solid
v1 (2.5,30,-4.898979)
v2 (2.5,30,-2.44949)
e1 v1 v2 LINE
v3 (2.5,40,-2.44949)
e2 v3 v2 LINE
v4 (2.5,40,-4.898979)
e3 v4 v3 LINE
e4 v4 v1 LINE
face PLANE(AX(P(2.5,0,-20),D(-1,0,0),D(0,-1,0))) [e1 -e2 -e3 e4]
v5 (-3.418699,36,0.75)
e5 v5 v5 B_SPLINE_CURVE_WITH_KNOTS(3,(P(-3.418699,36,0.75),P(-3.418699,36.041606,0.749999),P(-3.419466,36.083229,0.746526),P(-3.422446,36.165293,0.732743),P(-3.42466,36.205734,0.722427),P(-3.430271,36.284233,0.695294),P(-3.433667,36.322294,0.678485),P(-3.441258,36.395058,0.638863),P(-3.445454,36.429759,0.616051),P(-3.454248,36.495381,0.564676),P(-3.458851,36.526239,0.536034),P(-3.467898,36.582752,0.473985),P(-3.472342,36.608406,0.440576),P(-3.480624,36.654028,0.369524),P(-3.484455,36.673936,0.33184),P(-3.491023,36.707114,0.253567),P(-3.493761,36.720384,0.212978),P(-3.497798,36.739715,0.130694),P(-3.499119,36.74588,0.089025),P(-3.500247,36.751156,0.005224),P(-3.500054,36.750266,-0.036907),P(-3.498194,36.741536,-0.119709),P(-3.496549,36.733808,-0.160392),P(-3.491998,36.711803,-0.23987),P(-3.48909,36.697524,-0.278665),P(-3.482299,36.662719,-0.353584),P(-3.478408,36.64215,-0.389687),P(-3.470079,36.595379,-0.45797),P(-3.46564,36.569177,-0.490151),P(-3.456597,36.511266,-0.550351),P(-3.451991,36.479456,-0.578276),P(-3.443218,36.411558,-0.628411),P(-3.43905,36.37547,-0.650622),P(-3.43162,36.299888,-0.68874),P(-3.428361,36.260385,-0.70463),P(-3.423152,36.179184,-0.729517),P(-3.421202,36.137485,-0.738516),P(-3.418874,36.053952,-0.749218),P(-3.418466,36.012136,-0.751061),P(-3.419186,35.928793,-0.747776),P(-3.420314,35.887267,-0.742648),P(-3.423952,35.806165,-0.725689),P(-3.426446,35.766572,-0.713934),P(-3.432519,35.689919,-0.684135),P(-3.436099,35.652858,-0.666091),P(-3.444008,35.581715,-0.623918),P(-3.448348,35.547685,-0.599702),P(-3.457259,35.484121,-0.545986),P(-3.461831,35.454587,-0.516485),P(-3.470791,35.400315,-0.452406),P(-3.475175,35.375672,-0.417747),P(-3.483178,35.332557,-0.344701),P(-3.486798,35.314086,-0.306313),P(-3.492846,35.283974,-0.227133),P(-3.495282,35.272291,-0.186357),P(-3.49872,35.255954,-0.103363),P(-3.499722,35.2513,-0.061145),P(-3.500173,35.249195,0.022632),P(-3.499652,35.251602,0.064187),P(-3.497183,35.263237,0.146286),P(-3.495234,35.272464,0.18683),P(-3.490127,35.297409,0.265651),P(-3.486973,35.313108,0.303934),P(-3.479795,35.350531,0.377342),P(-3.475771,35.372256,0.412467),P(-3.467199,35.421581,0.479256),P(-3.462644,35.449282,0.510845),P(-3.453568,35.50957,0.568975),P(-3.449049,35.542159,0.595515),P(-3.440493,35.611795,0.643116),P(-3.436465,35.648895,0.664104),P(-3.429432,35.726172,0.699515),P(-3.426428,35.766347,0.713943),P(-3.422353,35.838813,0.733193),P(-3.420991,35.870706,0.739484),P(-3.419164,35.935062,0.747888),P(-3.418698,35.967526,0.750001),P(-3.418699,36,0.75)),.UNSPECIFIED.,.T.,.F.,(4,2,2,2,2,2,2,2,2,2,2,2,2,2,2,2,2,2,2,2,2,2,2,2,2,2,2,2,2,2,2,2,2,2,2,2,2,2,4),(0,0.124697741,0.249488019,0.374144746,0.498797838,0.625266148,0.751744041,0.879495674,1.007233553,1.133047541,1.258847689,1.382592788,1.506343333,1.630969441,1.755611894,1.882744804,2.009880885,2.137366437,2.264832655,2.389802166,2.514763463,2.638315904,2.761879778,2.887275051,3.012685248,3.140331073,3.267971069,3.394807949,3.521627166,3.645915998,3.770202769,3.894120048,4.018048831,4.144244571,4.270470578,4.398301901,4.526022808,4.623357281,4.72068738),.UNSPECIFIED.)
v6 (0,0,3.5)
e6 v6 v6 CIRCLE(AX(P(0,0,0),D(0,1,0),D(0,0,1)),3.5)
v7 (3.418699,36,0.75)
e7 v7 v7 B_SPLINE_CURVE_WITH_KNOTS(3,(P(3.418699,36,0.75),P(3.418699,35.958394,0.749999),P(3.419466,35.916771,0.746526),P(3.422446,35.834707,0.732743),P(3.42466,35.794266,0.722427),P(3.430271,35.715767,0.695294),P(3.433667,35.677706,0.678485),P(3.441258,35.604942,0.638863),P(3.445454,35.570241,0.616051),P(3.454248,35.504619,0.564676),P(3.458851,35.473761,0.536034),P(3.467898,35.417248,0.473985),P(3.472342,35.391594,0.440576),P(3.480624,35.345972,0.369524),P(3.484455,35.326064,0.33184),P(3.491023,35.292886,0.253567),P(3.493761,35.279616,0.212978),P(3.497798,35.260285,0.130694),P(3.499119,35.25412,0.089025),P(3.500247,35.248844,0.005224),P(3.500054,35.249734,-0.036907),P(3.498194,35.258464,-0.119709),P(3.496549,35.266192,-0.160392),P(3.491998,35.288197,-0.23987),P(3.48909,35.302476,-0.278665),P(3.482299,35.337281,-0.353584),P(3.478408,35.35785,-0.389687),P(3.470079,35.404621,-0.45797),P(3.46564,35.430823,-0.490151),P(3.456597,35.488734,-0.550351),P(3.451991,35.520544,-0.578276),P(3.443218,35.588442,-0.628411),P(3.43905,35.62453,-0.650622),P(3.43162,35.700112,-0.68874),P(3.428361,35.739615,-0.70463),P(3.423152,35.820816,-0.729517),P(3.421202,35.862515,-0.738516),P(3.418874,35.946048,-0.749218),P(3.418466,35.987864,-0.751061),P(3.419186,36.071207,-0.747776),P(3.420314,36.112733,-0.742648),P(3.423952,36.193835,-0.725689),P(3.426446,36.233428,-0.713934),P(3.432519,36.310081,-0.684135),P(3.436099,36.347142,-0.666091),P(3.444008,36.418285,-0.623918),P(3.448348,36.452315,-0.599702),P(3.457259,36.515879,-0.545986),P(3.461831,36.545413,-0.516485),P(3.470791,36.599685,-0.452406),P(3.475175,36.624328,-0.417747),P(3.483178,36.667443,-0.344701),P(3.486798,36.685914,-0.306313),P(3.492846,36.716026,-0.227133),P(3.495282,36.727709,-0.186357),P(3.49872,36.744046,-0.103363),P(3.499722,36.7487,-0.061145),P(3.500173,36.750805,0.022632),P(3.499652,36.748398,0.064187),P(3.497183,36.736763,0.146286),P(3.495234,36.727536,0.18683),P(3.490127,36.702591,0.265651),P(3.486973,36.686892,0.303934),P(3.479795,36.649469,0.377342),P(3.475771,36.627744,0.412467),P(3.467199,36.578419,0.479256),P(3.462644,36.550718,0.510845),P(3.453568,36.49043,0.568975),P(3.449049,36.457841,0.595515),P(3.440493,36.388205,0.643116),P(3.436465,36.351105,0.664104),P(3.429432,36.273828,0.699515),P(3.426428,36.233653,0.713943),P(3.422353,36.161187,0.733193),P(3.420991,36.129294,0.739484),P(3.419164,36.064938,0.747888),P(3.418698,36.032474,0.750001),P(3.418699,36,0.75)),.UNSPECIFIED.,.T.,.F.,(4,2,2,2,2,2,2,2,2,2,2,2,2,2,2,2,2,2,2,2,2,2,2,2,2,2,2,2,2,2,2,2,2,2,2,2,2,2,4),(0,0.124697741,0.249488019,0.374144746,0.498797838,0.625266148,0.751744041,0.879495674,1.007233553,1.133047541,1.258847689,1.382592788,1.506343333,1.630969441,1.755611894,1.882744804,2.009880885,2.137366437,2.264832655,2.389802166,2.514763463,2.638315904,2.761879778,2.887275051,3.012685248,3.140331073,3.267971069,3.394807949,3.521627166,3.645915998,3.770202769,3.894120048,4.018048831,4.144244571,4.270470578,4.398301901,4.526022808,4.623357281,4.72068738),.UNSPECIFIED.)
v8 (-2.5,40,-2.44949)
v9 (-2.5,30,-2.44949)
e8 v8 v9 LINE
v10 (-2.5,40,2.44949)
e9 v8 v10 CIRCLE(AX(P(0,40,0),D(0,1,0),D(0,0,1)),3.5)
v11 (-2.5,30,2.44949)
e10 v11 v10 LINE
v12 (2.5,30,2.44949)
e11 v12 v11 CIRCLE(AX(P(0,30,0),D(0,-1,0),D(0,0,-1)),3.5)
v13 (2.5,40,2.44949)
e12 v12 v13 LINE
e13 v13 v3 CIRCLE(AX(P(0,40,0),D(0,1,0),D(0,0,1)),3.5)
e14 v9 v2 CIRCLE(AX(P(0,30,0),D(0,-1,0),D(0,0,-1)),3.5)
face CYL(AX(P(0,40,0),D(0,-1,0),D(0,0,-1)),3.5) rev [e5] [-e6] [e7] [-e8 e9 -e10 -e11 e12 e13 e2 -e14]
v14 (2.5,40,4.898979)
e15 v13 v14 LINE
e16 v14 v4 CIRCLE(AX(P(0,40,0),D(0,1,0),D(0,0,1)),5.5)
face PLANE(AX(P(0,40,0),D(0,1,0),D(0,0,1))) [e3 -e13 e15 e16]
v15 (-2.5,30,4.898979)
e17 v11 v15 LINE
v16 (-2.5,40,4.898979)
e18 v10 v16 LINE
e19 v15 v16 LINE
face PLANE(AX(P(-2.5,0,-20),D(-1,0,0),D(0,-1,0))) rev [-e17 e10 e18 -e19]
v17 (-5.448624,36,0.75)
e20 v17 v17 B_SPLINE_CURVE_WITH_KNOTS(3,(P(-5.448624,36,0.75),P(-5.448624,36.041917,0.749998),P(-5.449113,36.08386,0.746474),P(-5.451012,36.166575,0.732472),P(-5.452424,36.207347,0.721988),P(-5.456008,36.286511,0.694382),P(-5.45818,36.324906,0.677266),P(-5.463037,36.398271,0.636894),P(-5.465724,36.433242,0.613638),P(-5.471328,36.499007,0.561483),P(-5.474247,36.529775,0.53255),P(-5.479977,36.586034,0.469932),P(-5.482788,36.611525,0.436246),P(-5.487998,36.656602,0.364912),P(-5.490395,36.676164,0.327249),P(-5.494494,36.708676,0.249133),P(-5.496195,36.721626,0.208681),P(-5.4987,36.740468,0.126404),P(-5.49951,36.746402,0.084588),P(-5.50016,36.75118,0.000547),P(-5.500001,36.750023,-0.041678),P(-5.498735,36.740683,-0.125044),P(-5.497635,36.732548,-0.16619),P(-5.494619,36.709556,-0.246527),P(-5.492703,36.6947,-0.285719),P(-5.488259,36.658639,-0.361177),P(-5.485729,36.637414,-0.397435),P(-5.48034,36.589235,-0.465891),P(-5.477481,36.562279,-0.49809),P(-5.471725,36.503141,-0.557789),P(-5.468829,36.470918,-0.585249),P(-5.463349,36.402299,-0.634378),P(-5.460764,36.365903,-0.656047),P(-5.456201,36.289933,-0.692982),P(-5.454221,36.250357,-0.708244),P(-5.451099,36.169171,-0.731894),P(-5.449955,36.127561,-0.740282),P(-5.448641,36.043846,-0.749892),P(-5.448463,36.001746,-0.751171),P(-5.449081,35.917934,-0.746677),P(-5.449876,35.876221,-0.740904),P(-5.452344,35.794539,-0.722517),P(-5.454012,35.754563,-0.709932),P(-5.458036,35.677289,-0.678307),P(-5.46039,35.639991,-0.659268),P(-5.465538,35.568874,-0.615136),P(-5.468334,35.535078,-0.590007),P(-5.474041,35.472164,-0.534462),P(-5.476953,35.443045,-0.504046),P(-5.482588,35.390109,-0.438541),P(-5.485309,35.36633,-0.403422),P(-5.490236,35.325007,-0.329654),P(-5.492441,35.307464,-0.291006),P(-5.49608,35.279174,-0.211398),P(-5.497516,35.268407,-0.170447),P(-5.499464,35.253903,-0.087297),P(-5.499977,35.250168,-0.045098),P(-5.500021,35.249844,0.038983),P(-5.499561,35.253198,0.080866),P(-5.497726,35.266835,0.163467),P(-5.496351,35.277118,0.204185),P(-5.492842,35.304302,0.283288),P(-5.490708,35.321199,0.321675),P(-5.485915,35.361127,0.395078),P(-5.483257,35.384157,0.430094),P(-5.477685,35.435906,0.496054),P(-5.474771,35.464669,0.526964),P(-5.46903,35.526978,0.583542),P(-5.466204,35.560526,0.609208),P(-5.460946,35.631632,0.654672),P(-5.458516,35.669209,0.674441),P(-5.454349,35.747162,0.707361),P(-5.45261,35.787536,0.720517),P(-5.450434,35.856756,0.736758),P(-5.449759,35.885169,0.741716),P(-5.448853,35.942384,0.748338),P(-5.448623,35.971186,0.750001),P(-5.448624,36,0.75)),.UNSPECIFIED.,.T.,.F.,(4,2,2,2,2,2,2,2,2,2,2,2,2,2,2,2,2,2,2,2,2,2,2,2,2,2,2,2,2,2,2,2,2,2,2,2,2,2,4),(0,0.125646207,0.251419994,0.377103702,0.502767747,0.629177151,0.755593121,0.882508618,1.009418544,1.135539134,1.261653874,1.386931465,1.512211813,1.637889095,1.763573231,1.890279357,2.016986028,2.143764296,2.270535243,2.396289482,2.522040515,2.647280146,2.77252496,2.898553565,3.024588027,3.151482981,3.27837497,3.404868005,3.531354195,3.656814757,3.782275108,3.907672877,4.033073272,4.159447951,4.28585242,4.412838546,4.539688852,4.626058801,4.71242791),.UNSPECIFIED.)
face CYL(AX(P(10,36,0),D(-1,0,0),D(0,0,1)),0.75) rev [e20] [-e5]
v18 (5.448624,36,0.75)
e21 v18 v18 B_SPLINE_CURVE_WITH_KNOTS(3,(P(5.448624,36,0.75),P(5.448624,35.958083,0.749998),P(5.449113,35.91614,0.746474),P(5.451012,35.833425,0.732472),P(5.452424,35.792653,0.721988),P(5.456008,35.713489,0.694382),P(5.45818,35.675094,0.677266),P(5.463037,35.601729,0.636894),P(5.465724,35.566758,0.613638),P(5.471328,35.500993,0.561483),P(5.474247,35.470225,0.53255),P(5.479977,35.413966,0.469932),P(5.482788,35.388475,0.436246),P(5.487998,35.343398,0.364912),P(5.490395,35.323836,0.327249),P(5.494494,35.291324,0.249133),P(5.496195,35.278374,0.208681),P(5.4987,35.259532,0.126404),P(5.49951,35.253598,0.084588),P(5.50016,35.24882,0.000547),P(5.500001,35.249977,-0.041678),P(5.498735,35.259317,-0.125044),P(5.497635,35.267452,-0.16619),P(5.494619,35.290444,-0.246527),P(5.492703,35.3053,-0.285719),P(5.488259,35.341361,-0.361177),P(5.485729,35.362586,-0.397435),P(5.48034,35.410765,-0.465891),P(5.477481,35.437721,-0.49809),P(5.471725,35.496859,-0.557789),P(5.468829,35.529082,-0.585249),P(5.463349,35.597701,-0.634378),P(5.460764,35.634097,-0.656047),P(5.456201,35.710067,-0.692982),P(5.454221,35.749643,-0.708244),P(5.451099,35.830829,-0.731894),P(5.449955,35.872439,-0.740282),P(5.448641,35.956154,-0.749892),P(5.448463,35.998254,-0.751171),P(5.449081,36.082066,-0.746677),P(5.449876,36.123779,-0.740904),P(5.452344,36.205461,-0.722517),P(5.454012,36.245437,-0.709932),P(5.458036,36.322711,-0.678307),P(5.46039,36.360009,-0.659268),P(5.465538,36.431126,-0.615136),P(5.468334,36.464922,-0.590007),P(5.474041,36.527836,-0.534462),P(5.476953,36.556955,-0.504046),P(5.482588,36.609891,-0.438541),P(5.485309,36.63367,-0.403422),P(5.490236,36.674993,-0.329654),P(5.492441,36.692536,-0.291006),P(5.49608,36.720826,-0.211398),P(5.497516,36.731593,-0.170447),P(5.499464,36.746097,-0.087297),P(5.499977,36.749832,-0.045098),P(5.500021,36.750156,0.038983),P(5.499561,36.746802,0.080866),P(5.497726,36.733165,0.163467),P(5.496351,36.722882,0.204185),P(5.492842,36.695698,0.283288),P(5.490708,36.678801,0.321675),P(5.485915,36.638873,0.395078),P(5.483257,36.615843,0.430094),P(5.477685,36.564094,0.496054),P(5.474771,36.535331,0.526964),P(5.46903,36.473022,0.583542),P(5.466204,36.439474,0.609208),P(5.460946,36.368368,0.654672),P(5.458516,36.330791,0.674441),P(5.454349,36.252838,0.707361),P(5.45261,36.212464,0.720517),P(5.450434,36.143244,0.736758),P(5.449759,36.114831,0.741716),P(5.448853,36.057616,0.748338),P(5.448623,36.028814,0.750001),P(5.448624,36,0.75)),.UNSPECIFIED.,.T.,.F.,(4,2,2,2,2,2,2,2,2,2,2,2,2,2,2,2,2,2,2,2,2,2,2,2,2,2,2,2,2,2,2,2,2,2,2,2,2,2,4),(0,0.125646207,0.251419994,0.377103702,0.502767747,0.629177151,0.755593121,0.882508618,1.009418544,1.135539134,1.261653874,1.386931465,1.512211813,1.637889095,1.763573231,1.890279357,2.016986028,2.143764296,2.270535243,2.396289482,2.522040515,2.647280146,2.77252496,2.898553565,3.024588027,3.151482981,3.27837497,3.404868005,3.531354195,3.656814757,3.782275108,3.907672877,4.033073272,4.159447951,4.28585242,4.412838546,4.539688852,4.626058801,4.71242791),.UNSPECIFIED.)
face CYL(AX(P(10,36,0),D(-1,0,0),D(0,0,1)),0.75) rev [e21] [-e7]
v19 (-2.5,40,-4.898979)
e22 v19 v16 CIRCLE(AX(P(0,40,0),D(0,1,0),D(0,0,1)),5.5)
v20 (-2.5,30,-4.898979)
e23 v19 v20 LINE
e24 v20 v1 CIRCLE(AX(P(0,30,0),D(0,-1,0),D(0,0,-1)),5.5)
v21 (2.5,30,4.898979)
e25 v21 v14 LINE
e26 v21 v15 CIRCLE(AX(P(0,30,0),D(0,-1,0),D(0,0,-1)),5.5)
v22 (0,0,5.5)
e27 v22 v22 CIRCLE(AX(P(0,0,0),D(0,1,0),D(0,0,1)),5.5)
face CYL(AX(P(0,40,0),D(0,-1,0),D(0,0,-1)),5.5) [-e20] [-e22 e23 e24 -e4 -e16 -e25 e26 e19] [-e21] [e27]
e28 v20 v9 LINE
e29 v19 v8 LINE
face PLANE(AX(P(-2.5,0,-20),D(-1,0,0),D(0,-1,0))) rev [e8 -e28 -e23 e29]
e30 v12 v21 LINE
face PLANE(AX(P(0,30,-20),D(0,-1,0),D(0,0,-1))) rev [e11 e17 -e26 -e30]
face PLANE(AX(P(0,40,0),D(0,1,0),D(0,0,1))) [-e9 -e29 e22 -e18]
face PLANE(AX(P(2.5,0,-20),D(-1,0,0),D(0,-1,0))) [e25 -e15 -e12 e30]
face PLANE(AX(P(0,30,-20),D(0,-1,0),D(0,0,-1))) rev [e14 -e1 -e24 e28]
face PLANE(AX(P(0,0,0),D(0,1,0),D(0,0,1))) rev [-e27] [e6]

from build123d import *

# Parameters (mm, degrees)
SKETCH1_R           = 5.5
SKETCH1_R_2         = 3.5
BOSS_EXTRUDE1_DEPTH = 40
SKETCH2_W           = 5
SKETCH2_H           = 10
CUT_EXTRUDE1_DEPTH  = 20
SKETCH3_R           = 0.75
CUT_EXTRUDE2_DEPTH  = 10


with BuildPart() as part:
    # Sketch1 → Boss-Extrude1 (new body)
    with BuildSketch(Plane(origin=(0, 0, 0), x_dir=(1, 0, 0), z_dir=(0, 1, 0))):
        with Locations(Location((0, 0, 0), (0, 0, 270))):
            Circle(SKETCH1_R)
        with Locations(Location((0, 0, 0), (0, 0, 270))):
            Circle(SKETCH1_R_2, mode=Mode.SUBTRACT)
    extrude(amount=BOSS_EXTRUDE1_DEPTH)

    # Sketch2 → Cut-Extrude1 (cut, symmetric)
    with BuildSketch(Plane.XY):
        with Locations((0, 35)):
            Rectangle(SKETCH2_W, SKETCH2_H)
        with Locations((0, 45)):
            Rectangle(SKETCH2_W, SKETCH2_H)
    extrude(amount=CUT_EXTRUDE1_DEPTH, both=True, mode=Mode.SUBTRACT)

    # Sketch3 → Cut-Extrude2 (cut, symmetric)
    with BuildSketch(Plane(origin=(0, 0, 0), x_dir=(0, 0, -1), z_dir=(1, 0, 0))):
        with Locations(Location((0, 36, 0), (0, 0, 180))):
            Circle(SKETCH3_R)
    extrude(amount=CUT_EXTRUDE2_DEPTH, both=True, mode=Mode.SUBTRACT)


solid = part.part
